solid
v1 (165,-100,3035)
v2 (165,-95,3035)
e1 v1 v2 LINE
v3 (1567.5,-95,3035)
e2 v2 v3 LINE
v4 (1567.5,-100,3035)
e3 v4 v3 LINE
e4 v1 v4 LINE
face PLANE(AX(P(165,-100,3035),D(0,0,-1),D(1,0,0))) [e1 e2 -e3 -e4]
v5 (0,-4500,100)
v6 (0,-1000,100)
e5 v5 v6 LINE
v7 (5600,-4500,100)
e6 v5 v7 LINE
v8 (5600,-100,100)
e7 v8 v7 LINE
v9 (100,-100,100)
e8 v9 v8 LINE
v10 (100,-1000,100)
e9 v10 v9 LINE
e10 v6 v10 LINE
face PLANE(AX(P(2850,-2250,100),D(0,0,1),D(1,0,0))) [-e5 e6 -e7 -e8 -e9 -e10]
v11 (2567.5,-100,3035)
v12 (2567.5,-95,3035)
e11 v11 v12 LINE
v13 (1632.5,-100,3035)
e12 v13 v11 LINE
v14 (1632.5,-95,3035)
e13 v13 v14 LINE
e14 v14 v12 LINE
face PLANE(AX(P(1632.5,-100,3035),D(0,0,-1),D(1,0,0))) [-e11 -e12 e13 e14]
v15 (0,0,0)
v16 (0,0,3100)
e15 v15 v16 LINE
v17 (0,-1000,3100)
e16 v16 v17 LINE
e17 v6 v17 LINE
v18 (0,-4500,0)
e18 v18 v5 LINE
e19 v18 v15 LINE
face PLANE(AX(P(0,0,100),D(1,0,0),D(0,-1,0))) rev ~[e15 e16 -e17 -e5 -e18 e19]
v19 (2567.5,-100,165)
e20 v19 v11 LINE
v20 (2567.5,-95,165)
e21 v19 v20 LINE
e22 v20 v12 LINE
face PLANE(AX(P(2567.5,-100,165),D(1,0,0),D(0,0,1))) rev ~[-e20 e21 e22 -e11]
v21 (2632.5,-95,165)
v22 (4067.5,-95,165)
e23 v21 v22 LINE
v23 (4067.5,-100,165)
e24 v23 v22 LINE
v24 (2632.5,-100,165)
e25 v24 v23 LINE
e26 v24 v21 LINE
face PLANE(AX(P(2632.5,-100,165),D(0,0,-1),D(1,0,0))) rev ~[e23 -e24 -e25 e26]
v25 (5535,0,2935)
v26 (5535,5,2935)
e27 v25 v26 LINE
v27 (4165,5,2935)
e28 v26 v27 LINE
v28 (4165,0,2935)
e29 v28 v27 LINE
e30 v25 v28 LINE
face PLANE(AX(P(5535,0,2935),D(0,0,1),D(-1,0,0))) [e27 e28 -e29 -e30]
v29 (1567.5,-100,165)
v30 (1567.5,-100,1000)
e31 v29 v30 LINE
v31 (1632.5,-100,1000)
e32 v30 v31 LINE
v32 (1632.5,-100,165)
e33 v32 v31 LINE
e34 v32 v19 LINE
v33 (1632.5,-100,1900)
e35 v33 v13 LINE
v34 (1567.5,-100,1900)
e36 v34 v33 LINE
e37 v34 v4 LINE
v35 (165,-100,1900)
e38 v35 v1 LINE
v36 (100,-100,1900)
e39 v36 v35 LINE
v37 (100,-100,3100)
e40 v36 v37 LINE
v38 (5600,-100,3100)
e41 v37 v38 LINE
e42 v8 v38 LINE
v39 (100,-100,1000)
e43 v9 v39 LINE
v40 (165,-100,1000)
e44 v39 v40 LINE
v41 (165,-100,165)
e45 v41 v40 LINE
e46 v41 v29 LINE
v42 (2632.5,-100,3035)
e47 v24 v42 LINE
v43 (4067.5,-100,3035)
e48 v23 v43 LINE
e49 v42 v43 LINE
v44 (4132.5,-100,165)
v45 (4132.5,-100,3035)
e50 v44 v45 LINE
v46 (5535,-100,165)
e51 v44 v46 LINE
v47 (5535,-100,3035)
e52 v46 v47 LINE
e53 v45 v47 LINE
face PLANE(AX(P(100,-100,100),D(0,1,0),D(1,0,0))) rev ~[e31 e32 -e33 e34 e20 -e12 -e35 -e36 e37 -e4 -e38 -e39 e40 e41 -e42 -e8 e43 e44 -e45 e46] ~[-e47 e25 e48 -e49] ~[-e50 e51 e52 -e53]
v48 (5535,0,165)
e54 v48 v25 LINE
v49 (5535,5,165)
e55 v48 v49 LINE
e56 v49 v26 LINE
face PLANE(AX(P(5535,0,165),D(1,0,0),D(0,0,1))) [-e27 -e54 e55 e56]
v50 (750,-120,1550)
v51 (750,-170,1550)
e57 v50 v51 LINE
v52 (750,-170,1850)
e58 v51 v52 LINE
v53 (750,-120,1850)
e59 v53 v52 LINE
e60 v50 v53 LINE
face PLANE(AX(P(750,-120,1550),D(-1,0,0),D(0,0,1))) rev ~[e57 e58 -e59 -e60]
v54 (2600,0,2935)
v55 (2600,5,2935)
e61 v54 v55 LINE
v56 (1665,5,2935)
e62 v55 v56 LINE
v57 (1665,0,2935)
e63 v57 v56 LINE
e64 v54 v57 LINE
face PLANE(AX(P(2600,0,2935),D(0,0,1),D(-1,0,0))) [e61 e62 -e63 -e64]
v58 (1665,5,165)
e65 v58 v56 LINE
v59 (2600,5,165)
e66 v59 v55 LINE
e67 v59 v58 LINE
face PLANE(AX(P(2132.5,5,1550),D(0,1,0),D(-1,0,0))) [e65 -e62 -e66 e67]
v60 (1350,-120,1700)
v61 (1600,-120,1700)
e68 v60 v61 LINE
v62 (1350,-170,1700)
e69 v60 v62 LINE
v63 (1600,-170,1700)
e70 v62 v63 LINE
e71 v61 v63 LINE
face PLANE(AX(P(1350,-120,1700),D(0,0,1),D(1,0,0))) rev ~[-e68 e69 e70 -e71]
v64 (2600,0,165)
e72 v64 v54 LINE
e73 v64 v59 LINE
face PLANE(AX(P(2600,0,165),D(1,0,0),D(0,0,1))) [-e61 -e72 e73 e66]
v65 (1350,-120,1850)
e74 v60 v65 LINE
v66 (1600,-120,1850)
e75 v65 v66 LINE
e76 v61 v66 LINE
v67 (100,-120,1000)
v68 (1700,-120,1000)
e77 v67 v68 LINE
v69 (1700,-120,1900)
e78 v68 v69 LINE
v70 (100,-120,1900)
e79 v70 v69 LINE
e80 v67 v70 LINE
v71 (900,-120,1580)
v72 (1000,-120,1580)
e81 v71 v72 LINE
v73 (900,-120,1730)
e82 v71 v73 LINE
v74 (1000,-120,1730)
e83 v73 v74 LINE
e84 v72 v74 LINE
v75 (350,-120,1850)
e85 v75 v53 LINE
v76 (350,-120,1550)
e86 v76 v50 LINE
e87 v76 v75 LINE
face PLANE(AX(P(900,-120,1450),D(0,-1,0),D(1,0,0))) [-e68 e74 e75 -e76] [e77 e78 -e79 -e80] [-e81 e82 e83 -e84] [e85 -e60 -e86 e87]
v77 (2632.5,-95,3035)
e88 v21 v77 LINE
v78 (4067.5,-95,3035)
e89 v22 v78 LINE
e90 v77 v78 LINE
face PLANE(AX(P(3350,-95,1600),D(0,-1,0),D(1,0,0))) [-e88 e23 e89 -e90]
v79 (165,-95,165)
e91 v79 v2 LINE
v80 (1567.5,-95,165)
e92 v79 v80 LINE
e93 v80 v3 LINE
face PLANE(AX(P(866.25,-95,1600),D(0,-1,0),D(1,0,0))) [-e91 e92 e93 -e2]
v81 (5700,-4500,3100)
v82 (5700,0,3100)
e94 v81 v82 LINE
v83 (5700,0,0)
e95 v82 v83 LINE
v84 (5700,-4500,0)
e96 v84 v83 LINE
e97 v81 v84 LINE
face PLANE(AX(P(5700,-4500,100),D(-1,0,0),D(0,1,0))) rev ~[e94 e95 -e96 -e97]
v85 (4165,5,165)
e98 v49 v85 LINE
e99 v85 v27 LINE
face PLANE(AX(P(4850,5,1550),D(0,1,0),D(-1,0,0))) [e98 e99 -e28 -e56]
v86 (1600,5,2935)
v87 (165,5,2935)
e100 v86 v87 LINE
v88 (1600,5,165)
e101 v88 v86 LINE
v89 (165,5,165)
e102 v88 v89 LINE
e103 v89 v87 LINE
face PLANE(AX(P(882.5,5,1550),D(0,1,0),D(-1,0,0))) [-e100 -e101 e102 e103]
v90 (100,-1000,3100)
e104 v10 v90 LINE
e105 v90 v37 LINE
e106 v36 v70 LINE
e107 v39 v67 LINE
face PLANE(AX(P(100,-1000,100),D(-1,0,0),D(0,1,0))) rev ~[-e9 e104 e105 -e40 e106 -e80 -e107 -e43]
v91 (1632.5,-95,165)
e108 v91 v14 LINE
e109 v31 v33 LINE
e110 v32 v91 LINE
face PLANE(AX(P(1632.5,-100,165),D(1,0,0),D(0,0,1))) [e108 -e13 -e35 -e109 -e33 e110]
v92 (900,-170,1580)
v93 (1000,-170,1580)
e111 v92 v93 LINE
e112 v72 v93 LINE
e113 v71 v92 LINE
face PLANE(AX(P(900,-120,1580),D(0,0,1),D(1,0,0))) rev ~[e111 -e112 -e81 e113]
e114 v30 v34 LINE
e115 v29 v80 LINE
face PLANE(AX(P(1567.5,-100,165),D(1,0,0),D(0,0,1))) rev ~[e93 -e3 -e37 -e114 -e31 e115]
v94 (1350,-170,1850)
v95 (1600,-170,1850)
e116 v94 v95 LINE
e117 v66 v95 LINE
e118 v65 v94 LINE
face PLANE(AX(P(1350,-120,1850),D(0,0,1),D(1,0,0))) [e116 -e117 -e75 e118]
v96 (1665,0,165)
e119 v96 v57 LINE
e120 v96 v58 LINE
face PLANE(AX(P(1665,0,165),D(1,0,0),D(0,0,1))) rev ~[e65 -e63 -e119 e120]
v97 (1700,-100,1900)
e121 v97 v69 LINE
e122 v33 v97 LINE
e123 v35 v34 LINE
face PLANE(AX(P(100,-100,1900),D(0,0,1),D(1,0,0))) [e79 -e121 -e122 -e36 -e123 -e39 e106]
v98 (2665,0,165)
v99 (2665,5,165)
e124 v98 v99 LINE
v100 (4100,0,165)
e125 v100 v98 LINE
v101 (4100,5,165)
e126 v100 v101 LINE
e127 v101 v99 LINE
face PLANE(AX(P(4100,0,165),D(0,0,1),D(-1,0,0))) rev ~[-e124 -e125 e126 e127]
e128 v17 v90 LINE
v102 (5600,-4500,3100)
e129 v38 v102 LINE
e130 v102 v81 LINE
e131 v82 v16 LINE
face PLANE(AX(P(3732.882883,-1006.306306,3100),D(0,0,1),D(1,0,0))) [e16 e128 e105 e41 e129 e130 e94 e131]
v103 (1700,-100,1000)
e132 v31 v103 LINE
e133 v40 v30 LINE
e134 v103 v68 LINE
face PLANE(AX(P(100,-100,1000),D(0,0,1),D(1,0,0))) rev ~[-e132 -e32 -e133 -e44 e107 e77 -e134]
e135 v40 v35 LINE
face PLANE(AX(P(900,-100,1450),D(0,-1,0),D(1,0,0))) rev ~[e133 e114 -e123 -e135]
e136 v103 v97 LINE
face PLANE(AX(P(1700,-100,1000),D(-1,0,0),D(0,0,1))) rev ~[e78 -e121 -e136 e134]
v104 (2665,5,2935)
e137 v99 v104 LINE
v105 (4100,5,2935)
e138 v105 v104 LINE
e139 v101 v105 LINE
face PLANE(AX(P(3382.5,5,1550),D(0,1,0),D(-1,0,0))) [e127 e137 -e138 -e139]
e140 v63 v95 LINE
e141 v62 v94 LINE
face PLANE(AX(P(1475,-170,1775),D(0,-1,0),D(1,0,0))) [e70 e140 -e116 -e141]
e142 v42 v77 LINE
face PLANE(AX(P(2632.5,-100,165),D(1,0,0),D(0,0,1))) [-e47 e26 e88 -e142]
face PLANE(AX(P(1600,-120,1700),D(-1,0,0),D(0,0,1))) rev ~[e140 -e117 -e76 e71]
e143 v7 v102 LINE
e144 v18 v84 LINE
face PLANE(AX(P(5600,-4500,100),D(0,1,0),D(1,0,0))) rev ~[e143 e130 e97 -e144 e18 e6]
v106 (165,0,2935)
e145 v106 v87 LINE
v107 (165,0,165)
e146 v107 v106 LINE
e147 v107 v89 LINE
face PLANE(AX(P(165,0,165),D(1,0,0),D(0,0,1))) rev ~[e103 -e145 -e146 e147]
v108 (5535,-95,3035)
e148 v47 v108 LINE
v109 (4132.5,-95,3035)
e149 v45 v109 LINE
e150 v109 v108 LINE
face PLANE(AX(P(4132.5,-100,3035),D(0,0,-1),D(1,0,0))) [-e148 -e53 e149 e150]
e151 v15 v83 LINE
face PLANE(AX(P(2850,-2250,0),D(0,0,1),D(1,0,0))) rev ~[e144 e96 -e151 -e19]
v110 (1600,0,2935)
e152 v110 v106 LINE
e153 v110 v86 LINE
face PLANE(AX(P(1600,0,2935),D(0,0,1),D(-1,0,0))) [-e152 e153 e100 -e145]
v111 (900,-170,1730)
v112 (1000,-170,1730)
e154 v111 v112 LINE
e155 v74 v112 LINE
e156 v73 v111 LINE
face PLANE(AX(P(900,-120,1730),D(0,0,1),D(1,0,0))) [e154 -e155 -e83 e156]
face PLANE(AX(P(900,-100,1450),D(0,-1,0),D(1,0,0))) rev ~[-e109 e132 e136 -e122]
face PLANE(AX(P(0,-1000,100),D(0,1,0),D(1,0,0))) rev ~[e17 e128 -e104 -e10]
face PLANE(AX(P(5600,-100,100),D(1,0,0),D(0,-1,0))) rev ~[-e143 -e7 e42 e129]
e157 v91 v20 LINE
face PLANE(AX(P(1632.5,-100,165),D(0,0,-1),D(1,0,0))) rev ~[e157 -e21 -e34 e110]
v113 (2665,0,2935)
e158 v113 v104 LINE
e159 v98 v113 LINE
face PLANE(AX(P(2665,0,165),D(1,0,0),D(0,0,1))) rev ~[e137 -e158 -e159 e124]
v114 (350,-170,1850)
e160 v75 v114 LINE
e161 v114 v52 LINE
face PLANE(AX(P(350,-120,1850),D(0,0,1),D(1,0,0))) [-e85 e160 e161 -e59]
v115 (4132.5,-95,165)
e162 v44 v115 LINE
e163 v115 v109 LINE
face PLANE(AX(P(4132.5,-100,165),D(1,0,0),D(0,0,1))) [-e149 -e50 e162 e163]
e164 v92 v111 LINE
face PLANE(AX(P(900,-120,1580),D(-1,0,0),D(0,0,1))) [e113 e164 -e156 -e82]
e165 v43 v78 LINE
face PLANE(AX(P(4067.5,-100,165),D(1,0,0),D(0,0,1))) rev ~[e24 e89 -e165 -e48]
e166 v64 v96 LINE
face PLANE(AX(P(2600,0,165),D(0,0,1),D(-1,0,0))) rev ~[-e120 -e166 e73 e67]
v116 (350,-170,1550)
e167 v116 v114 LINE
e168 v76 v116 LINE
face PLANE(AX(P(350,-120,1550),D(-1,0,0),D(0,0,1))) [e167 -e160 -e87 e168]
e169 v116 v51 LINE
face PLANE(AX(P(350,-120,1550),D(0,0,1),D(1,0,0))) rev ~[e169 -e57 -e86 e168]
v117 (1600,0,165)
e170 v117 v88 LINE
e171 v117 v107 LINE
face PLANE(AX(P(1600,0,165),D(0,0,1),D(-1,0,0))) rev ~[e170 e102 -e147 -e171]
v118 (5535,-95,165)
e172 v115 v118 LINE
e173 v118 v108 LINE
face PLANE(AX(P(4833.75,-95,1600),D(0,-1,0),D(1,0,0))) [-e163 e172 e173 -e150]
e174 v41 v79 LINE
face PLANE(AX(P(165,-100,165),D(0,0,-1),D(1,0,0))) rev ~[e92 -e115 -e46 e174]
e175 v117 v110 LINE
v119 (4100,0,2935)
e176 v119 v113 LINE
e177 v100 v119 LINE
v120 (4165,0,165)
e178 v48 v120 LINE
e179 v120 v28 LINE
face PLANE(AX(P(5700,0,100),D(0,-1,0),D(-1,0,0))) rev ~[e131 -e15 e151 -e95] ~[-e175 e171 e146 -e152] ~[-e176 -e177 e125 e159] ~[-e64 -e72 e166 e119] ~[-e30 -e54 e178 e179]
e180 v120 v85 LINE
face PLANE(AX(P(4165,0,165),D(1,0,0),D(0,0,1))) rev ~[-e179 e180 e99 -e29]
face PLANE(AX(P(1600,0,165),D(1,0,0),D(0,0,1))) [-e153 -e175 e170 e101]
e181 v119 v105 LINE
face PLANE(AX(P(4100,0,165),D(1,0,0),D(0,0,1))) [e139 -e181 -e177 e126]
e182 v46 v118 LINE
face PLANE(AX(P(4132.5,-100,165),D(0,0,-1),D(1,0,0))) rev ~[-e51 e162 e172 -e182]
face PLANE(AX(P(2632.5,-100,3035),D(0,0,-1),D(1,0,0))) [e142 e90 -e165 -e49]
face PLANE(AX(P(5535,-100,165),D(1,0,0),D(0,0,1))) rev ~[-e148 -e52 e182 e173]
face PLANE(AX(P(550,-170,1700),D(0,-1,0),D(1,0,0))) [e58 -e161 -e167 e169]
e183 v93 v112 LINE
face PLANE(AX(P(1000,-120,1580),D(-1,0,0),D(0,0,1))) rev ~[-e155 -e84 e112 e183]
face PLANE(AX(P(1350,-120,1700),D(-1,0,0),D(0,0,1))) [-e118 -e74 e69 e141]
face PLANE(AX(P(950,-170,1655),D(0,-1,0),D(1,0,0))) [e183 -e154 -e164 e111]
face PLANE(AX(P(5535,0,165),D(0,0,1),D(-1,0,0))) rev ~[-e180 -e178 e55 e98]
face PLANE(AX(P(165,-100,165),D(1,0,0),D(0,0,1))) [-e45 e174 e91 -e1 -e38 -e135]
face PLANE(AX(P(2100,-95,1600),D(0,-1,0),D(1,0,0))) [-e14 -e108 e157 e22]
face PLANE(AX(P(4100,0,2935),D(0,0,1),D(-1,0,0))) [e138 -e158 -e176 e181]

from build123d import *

# Parameters (mm, degrees)
F0_W      = 5700
F0_H      = 4500
F1_DEPTH  = 100
F3_DEPTH  = 3000
F4_W      = 1402.5
F4_H      = 2870
F4_W_2    = 935
F4_W_3    = 1435
F5_DEPTH  = 5
F6_W      = 1600
F6_H      = 900
F7_DEPTH  = 20
F8_W      = 400
F8_H      = 300
F8_W_2    = 100
F8_H_2    = 150
F8_W_3    = 250
F9_DEPTH  = 50
F10_W     = 1370
F10_H     = 2770
F10_W_2   = 1435
F10_W_3   = 935
F11_DEPTH = 5


with BuildPart() as f1:
    # F0 (on Top) → F1 (new body)
    with BuildSketch(Plane.XY):
        with Locations((2850, -2250)):
            Rectangle(F0_W, F0_H)
    extrude(amount=F1_DEPTH)

    # F2 (on face) → F3 (join)
    with BuildSketch(Plane.XY.offset(100)):
        Polygon((5700, 0), (0, 0), (0, -1000), (100, -1000), (100, -100), (5600, -100), (5600, -4500), (5700, -4500), align=None)
    extrude(amount=F3_DEPTH)

    # F4 (on face) → F5 (cut)
    with BuildSketch(Plane.XZ.offset(100)):
        with Locations((866.25, 1600)):
            Rectangle(F4_W, F4_H)
        with Locations((2100, 1600)):
            Rectangle(F4_W_2, F4_H)
        with Locations((3350, 1600)):
            Rectangle(F4_W_3, F4_H)
        with Locations((4833.75, 1600)):
            Rectangle(F4_W, F4_H)
    extrude(amount=-F5_DEPTH, mode=Mode.SUBTRACT)

    # F6 (on face) → F7 (join)
    with BuildSketch(Plane.XZ.offset(100)):
        with Locations((900, 1450)):
            Rectangle(F6_W, F6_H)
    extrude(amount=F7_DEPTH)

    # F8 (on face) → F9 (join)
    with BuildSketch(Plane.XZ.offset(120)):
        with Locations((550, 1700)):
            Rectangle(F8_W, F8_H)
        with Locations((950, 1655)):
            Rectangle(F8_W_2, F8_H_2)
        with Locations((1475, 1775)):
            Rectangle(F8_W_3, F8_H_2)
    extrude(amount=F9_DEPTH)

    # F10 (on face) → F11 (join)
    with BuildSketch(Plane(origin=(0, 0, 0), x_dir=(-1, 0, 0), z_dir=(0, 1, 0))):
        with Locations((-4850, 1550)):
            Rectangle(F10_W, F10_H)
        with Locations((-3382.5, 1550)):
            Rectangle(F10_W_2, F10_H)
        with Locations((-2132.5, 1550)):
            Rectangle(F10_W_3, F10_H)
        with Locations((-882.5, 1550)):
            Rectangle(F10_W_2, F10_H)
    extrude(amount=F11_DEPTH)


solid = f1.part
